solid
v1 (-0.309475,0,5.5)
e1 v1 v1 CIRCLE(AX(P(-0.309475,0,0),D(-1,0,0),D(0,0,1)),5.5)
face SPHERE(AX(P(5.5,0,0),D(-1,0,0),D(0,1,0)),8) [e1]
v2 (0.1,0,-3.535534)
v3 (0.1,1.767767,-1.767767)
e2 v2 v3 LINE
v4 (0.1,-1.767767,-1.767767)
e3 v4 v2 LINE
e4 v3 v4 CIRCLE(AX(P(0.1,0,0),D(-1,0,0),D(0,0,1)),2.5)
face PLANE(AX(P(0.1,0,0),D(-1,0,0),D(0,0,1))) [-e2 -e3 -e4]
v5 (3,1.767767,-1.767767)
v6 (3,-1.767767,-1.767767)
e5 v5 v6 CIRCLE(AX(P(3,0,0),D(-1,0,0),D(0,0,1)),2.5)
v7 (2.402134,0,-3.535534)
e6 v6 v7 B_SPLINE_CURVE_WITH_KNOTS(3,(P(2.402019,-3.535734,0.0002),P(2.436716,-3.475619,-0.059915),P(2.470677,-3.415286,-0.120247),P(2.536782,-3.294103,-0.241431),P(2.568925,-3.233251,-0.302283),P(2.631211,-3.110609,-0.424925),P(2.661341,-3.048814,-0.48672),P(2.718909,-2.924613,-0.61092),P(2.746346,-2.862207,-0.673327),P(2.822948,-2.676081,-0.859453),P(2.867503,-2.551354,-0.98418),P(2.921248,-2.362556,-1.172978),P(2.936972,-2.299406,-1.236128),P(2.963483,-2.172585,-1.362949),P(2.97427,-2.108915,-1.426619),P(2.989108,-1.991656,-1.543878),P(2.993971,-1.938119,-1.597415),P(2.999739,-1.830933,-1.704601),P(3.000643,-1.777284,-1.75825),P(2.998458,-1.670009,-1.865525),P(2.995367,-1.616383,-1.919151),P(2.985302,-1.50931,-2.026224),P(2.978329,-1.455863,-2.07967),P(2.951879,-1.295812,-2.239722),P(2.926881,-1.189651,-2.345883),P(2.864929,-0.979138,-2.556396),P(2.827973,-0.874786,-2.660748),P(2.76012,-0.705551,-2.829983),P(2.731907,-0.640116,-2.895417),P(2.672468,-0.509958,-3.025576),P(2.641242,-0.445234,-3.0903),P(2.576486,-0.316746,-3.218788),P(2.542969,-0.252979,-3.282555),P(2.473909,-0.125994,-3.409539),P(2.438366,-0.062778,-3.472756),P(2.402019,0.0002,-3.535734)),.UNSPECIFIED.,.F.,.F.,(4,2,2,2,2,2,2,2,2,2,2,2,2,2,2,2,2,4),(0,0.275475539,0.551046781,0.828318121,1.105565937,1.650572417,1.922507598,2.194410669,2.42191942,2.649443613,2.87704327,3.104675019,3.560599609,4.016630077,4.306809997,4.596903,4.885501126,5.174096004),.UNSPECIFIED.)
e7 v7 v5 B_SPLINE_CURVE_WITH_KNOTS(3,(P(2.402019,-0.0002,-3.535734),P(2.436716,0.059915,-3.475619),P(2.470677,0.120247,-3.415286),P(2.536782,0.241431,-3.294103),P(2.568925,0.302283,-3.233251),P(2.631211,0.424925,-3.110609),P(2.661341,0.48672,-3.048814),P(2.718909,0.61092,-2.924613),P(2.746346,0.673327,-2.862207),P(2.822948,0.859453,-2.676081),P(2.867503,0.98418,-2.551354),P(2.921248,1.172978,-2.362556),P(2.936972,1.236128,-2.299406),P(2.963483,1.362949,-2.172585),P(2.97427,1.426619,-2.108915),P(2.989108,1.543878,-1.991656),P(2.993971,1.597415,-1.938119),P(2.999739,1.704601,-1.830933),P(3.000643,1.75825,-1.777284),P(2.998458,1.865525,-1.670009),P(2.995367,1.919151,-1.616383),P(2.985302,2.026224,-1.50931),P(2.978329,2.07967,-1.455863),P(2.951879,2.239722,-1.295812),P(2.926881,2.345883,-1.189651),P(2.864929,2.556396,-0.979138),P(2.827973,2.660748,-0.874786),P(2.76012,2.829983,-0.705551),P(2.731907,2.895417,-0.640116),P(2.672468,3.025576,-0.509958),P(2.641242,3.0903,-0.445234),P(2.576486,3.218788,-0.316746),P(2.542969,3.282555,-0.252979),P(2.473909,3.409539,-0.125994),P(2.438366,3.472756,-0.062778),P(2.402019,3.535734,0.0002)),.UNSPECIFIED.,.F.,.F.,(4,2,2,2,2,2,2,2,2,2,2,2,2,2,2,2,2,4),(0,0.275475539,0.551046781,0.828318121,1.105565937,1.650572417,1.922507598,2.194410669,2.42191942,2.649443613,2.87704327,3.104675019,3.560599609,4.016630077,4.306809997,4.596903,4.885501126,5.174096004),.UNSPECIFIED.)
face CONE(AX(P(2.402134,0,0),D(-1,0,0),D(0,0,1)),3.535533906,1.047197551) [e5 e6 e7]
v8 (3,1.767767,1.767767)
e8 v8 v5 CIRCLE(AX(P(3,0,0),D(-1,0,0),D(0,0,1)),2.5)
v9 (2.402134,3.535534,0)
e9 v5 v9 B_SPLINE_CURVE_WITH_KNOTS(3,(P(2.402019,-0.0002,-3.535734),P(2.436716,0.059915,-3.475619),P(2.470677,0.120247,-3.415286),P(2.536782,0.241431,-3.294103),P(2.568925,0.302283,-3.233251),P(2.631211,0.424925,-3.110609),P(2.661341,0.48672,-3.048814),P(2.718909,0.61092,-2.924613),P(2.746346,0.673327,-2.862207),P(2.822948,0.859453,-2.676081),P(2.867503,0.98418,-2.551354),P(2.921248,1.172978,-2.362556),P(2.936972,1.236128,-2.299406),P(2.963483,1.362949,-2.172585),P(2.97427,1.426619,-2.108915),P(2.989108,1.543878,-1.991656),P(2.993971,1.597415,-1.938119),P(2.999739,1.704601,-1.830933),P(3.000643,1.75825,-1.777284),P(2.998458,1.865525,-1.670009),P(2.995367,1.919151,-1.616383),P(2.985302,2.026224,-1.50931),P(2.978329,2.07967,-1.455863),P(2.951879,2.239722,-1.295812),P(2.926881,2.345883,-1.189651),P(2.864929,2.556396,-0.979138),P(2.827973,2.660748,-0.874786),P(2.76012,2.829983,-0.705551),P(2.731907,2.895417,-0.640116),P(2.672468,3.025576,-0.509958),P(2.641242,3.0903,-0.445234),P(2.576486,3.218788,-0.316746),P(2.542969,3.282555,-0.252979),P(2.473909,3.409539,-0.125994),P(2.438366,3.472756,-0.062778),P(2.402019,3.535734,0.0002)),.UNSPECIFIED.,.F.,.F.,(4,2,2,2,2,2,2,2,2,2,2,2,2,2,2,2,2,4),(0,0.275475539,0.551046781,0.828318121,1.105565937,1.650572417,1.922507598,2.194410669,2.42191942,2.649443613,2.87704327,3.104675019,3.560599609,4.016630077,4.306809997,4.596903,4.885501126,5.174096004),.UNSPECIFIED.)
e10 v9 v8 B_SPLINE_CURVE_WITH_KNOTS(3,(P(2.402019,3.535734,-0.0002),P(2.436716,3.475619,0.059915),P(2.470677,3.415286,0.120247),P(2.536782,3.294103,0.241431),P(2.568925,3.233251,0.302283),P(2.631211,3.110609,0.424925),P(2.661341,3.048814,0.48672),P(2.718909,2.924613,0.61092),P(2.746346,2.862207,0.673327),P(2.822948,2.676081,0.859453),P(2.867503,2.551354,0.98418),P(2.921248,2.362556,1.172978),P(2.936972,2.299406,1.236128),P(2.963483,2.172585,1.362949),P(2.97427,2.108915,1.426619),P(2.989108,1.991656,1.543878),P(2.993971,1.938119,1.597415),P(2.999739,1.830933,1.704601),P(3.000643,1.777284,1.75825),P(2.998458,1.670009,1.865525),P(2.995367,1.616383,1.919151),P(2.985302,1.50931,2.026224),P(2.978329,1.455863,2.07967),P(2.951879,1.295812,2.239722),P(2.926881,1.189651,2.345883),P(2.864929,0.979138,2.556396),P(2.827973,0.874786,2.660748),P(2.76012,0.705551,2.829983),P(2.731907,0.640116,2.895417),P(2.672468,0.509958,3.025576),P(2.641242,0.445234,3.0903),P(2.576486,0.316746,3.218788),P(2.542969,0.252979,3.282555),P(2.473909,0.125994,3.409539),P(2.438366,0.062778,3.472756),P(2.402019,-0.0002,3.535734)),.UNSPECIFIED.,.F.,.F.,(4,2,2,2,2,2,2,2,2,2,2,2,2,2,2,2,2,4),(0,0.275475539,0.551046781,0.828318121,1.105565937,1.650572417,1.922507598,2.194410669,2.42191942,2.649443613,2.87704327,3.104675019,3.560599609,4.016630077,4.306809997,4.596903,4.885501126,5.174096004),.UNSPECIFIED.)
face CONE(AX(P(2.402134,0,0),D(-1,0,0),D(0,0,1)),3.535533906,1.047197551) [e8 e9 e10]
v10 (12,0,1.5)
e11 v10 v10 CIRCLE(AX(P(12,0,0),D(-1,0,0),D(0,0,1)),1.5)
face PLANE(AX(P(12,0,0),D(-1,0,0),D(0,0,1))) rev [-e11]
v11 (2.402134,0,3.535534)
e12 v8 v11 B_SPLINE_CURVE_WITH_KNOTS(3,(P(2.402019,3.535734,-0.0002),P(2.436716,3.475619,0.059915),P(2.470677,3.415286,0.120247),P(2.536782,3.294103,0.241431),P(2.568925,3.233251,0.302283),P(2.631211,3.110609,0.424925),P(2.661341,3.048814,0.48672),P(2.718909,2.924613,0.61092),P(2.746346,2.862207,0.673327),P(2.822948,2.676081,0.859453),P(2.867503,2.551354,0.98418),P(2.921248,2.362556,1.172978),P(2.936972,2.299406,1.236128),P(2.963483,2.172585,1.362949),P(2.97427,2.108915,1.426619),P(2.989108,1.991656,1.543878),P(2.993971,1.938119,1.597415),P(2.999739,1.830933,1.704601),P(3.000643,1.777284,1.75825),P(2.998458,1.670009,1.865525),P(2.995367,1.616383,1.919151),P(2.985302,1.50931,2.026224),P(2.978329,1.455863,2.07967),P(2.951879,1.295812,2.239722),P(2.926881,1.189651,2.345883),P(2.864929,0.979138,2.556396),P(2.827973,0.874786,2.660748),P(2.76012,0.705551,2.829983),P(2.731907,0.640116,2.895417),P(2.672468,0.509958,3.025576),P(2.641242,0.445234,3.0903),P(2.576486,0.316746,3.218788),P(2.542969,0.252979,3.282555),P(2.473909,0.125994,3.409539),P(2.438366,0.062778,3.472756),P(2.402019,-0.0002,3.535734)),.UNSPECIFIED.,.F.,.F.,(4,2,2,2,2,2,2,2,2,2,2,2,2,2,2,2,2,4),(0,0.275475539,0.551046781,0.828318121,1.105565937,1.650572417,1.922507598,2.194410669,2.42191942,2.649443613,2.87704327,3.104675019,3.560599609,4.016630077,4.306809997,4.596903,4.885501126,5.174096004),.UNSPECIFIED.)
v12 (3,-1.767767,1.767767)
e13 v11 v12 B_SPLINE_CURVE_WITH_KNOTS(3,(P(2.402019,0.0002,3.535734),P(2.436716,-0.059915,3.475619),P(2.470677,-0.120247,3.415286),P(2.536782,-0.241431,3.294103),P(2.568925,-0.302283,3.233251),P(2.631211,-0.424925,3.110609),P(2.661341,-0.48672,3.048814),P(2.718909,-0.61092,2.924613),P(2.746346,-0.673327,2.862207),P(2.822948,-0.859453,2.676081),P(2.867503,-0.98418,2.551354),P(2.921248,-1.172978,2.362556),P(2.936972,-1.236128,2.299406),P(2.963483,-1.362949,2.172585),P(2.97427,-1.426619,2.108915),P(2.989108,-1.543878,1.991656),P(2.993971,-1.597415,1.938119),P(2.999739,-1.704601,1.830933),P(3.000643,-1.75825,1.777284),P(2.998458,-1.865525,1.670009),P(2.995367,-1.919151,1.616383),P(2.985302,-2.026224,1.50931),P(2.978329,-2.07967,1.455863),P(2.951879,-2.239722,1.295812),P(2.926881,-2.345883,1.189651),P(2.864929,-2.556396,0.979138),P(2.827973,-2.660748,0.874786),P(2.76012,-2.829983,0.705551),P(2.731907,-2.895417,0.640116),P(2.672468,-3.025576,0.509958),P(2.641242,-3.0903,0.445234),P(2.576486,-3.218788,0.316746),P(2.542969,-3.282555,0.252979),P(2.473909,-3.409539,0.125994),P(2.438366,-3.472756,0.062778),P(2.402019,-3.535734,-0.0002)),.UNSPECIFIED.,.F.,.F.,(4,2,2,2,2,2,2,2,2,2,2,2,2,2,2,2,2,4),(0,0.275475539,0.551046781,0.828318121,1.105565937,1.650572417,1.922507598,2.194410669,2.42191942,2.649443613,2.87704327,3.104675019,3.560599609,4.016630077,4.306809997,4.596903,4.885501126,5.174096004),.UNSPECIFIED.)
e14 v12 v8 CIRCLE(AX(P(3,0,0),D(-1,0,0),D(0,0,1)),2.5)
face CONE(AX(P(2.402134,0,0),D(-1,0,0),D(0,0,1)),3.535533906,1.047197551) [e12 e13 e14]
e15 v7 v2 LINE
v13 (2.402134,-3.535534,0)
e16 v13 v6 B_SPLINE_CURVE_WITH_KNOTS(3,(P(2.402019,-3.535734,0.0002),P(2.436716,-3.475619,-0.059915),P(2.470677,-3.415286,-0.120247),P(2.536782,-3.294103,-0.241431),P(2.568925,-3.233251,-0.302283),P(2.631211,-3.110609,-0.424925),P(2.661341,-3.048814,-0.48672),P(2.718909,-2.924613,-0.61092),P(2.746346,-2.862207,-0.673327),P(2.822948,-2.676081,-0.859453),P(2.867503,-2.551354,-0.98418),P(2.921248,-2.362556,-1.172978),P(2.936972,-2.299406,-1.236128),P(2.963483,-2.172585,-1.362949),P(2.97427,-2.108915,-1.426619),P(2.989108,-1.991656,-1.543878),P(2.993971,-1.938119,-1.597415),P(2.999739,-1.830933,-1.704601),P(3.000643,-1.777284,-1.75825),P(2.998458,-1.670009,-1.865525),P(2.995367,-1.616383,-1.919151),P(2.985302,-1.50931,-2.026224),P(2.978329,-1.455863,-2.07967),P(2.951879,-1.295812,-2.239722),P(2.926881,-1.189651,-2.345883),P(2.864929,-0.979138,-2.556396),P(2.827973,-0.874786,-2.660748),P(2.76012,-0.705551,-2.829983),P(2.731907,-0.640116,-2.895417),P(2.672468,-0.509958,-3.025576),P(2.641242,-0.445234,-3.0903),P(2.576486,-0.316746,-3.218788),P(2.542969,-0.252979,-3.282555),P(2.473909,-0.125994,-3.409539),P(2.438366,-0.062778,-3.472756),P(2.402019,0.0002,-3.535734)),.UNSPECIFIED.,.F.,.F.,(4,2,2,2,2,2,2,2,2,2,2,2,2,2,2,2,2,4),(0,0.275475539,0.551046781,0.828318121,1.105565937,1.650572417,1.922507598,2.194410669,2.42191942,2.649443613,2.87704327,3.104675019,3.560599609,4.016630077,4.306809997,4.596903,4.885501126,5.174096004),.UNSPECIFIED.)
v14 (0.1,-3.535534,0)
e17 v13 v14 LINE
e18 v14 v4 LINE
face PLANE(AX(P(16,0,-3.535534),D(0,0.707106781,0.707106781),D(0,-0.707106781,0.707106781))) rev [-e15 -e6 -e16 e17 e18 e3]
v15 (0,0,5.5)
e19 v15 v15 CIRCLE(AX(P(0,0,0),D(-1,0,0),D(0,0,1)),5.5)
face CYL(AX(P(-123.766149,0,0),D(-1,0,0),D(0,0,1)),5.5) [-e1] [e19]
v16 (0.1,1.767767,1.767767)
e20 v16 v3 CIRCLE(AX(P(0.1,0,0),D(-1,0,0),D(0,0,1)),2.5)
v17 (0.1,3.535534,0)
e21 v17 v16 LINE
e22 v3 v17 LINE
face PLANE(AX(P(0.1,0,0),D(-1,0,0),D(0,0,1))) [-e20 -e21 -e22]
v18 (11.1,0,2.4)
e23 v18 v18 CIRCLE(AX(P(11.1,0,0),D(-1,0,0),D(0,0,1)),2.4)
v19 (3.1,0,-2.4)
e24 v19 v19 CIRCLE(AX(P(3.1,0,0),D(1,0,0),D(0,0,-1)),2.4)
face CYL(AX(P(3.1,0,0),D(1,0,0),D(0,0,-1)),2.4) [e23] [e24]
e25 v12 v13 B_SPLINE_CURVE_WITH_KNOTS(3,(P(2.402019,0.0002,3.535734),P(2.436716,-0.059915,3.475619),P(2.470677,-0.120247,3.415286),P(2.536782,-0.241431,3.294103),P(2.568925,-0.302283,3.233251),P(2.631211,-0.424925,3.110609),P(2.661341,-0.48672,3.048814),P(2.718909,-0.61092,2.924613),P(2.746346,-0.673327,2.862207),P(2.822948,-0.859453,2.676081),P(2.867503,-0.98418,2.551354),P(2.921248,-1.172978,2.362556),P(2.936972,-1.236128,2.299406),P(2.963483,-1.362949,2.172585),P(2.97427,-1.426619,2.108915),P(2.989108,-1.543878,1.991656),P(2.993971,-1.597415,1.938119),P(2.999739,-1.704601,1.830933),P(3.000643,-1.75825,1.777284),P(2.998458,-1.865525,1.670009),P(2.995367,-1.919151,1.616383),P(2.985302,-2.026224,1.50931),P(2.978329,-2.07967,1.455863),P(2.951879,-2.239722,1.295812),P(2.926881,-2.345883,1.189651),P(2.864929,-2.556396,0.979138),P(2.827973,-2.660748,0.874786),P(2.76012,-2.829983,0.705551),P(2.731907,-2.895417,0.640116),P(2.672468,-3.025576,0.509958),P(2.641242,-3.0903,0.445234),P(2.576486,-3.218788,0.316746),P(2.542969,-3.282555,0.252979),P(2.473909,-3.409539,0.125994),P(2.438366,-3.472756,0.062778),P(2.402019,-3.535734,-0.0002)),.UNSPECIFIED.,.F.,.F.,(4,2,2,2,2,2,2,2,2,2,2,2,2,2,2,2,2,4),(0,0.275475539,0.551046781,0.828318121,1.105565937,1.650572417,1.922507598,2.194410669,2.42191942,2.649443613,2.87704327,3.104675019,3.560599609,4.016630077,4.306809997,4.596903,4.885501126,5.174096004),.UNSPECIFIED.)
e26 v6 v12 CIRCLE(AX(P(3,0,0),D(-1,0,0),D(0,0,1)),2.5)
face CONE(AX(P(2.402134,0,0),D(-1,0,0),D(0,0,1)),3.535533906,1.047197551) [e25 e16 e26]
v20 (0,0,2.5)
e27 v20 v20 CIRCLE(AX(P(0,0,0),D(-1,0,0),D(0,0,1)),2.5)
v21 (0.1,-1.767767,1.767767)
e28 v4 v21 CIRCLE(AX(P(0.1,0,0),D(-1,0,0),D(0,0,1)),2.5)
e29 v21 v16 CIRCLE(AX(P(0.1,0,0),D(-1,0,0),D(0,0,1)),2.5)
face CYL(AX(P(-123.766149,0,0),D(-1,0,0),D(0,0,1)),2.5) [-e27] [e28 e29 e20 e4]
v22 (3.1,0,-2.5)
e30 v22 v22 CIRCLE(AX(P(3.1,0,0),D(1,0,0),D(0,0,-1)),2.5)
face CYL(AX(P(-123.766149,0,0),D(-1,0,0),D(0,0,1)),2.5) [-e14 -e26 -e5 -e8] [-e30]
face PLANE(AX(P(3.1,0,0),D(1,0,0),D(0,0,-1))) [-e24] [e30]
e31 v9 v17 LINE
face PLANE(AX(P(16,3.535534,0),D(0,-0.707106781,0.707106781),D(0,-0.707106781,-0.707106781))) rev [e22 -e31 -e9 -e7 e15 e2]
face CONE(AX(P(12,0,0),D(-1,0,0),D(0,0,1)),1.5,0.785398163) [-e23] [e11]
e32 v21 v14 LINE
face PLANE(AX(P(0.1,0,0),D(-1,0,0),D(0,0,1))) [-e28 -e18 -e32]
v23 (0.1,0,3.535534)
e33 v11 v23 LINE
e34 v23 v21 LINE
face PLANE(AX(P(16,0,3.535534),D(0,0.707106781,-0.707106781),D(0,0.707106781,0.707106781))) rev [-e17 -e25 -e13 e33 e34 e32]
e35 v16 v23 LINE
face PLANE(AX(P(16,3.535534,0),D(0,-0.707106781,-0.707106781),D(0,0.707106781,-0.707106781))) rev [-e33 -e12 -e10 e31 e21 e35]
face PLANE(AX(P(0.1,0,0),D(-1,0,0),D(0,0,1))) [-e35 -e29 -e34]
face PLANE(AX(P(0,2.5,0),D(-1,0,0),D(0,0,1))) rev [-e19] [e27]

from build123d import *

# Parameters (mm, degrees)
EXTRUDE_START       = 0.1
EXTRUDE_1_DEPTH     = 2.9
SKETCH_6_R          = 2.5
SKETCH_6_R_2        = 2.4
CUT_EXTRUDE_1_DEPTH = 8.9


with BuildPart() as part:
    # Эскиз3 → Повернуть1 (revolve)
    with BuildSketch(Plane.XY):
        with BuildLine():
            Line((12, 0), (12, 1.5))
            Line((12, 1.5), (11, 2.5))
            Line((11, 2.5), (0, 2.5))
            Line((0, 2.5), (0, 5.5))
            Line((0, 5.5), (-0.309475019, 5.5))
            ThreePointArc((-0.309475019, 5.5), (-1.9322204, 2.960084445), (-2.5, 0))
            Line((-2.5, 0), (12, 0))
        make_face()
    revolve(axis=Axis((-123.766149148, 0, 0), (1, 0, 0)))

    # Эскиз4 → Бобышка-Вытянуть1 (add)
    with BuildSketch(Plane(origin=(0, 0, 0), x_dir=(0, 0, -1), z_dir=(1, 0, 0)).offset(EXTRUDE_START)):
        Polygon((0, 3.535533906), (-3.535533906, 0), (0, -3.535533906), (3.535533906, 0), align=None)
    extrude(amount=EXTRUDE_1_DEPTH)


with BuildPart() as body_2:
    # Эскиз5 → Повернуть2 (revolve)
    with BuildSketch(Plane.XY):
        Polygon((3, 2.5), (2.402134221, 3.535533906), (3, 3.535533906), align=None)
    revolve(axis=Axis((-123.766149148, 0, 0), (1, 0, 0)))


with BuildPart() as part_1:
    add(part.part)

    # Combine 1: cut body 2
    add(body_2.part, mode=Mode.SUBTRACT)

    # Эскиз6 → Вырез-Вытянуть1 (cut)
    with BuildSketch(Plane(origin=(12, 0, 0), x_dir=(0, 0, -1), z_dir=(1, 0, 0))):
        Circle(SKETCH_6_R)
        Circle(SKETCH_6_R_2, mode=Mode.SUBTRACT)
    extrude(amount=-CUT_EXTRUDE_1_DEPTH, mode=Mode.SUBTRACT)


solid = part_1.part
